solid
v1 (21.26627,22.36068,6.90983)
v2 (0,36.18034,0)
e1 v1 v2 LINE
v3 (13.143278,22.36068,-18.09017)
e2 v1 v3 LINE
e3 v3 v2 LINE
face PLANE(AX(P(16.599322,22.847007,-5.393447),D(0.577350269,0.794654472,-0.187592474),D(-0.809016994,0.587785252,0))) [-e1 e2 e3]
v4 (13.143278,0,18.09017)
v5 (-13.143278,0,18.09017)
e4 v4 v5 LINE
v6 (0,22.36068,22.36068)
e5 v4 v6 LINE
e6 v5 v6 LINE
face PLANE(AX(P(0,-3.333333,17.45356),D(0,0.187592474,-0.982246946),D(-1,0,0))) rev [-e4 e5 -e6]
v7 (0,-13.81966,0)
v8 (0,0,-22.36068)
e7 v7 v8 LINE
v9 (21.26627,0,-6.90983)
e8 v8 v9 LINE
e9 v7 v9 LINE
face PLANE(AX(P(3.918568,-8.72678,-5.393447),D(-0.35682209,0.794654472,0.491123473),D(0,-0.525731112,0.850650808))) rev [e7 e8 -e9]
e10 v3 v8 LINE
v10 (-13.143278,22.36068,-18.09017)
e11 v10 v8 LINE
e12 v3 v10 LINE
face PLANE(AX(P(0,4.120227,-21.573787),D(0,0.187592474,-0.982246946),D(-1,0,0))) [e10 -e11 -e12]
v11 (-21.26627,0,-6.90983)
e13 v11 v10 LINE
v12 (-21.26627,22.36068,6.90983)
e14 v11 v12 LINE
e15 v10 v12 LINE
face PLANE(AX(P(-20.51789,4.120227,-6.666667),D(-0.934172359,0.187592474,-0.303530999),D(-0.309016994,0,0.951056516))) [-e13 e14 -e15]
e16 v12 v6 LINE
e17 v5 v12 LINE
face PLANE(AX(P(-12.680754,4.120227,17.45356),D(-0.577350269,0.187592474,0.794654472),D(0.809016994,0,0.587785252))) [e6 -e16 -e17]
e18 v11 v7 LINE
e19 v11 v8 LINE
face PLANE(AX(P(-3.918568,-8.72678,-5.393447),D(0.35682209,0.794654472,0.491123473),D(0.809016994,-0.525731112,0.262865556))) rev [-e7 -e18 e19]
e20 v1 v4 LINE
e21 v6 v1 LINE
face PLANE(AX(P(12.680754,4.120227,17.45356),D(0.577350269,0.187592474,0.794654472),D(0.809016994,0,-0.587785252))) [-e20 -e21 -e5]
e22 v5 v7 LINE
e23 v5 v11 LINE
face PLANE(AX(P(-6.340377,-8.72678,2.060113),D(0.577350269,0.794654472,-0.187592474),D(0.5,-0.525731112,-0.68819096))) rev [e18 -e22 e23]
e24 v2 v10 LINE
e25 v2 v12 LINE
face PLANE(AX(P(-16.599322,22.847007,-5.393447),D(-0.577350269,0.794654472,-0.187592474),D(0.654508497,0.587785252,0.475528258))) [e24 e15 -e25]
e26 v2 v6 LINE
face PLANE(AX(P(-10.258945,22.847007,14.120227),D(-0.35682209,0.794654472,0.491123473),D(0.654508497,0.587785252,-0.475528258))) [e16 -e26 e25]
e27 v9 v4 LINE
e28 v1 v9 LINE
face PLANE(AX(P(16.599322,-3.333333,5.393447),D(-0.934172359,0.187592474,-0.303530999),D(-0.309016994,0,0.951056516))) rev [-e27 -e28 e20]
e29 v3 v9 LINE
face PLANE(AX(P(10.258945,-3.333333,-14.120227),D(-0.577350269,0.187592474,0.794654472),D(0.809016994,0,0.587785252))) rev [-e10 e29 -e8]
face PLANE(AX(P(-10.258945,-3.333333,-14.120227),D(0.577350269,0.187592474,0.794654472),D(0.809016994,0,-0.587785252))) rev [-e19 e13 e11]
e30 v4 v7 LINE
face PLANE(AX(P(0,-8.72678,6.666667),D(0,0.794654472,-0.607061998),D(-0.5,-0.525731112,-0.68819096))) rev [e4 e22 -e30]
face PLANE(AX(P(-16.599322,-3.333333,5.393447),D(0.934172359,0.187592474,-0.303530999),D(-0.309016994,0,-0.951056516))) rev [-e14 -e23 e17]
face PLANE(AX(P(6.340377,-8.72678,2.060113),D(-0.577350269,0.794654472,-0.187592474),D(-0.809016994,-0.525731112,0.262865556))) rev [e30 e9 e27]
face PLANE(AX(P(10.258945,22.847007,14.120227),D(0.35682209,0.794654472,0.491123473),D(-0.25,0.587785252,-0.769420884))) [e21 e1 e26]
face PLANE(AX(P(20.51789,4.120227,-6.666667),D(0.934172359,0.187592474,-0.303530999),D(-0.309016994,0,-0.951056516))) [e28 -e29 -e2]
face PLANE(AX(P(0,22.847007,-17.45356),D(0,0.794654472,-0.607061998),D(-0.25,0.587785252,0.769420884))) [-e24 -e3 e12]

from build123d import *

# Parameters (mm, degrees)
CIRPATTERN1_9_2_ANGLE   = -216
CIRPATTERN1_6_4_ANGLE   = -144
CIRPATTERN1_10_6_ANGLE  = -216
CIRPATTERN1_14_8_ANGLE  = -288
CIRPATTERN1_13_11_ANGLE = -288
CIRPATTERN1_15_13_ANGLE = -288
CIRPATTERN1_16_15_ANGLE = -288
CIRPATTERN1_11_17_ANGLE = -216
CIRPATTERN1_8_19_ANGLE  = -144
CIRPATTERN1_12_21_ANGLE = -216
CIRPATTERN1_7_23_ANGLE  = -144
CIRPATTERN1_3_25_ANGLE  = -72
CIRPATTERN1_4_27_ANGLE  = -72
CIRPATTERN1_5_32_ANGLE  = -144
CIRPATTERN1_34_ANGLE    = -72
CIRPATTERN1_2_36_ANGLE  = -72


with BuildPart() as body_1:
    # Sketch2 → Surface-Fill1: a flat surface bounded by the sketch
    with BuildSketch(Plane(origin=(3.918568349, -8.726779962, -5.393446629), x_dir=(-0.9341723589627158, -0.303530999103343, -0.18759247408507992), z_dir=(0.3568220897730899, -0.7946544722917661, -0.4911234731884233)), mode=Mode.PRIVATE) as surface_fill1_1_region:
        Polygon((4.194695241, 19.021130326), (4.194695241, -7.26542528), (-18.570129692, 5.877852523), align=None)
    surface_fill1_1 = surface_fill1_1_region.sketch.faces()[0]
    # CirPattern1 9: a copy of that surface (a pattern of surface bodies)
    cirpattern1_9_2 = surface_fill1_1.rotate(Axis((0, 0, 0), (0, 1, 0)), CIRPATTERN1_9_2_ANGLE)
    # Sketch3 → Surface-Fill2: a flat surface bounded by the sketch
    with BuildSketch(Plane(origin=(10.258945124, -3.333333333, -14.120226592), x_dir=(0.8164965809277261, 0.13264791052512165, 0.5619055660577252), z_dir=(-0.5773502691896257, 0.18759247408507984, 0.7946544722917663)), mode=Mode.PRIVATE) as surface_fill2_3_region:
        Polygon((3.532571656, 25.918778373), (13.481164945, 1.587553636), (-12.564590426, 5.137431484), align=None)
    surface_fill2_3 = surface_fill2_3_region.sketch.faces()[0]
    # CirPattern1 6: a copy of that surface (a pattern of surface bodies)
    cirpattern1_6_4 = surface_fill2_3.rotate(Axis((0, 0, 0), (0, 1, 0)), CIRPATTERN1_6_4_ANGLE)
    # Sketch3 → Surface-Fill2: a flat surface bounded by the sketch
    with BuildSketch(Plane(origin=(10.258945124, -3.333333333, -14.120226592), x_dir=(0.8164965809277261, 0.13264791052512165, 0.5619055660577252), z_dir=(-0.5773502691896257, 0.18759247408507984, 0.7946544722917663)), mode=Mode.PRIVATE) as surface_fill2_5_region:
        Polygon((3.532571656, 25.918778373), (13.481164945, 1.587553636), (-12.564590426, 5.137431484), align=None)
    surface_fill2_5 = surface_fill2_5_region.sketch.faces()[0]
    # CirPattern1 10: a copy of that surface (a pattern of surface bodies)
    cirpattern1_10_6 = surface_fill2_5.rotate(Axis((0, 0, 0), (0, 1, 0)), CIRPATTERN1_10_6_ANGLE)
    # Sketch3 → Surface-Fill2: a flat surface bounded by the sketch
    with BuildSketch(Plane(origin=(10.258945124, -3.333333333, -14.120226592), x_dir=(0.8164965809277261, 0.13264791052512165, 0.5619055660577252), z_dir=(-0.5773502691896257, 0.18759247408507984, 0.7946544722917663)), mode=Mode.PRIVATE) as surface_fill2_7_region:
        Polygon((3.532571656, 25.918778373), (13.481164945, 1.587553636), (-12.564590426, 5.137431484), align=None)
    surface_fill2_7 = surface_fill2_7_region.sketch.faces()[0]
    # CirPattern1 14: a copy of that surface (a pattern of surface bodies)
    cirpattern1_14_8 = surface_fill2_7.rotate(Axis((0, 0, 0), (0, 1, 0)), CIRPATTERN1_14_8_ANGLE)
    # Sketch6 → Surface-Fill4: a flat surface bounded by the sketch
    with BuildSketch(Plane(origin=(16.599321899, 22.847006554, -5.393446629), x_dir=(0.8164965809277256, -0.561905566057726, 0.13264791052512173), z_dir=(0.5773502691896265, 0.7946544722917657, -0.1875924740850797)), mode=Mode.PRIVATE) as surface_fill4_9_region:
        Polygon((5.715821007, -11.862416603), (-4.232772282, 12.468808133), (-20.329934365, -8.312538756), align=None)
    surface_fill4_9 = surface_fill4_9_region.sketch.faces()[0]
    # Sketch2 → Surface-Fill1: a flat surface bounded by the sketch
    with BuildSketch(Plane(origin=(3.918568349, -8.726779962, -5.393446629), x_dir=(-0.9341723589627158, -0.303530999103343, -0.18759247408507992), z_dir=(0.3568220897730899, -0.7946544722917661, -0.4911234731884233)), mode=Mode.PRIVATE) as surface_fill1_10_region:
        Polygon((4.194695241, 19.021130326), (4.194695241, -7.26542528), (-18.570129692, 5.877852523), align=None)
    surface_fill1_10 = surface_fill1_10_region.sketch.faces()[0]
    # CirPattern1 13: a copy of that surface (a pattern of surface bodies)
    cirpattern1_13_11 = surface_fill1_10.rotate(Axis((0, 0, 0), (0, 1, 0)), CIRPATTERN1_13_11_ANGLE)
    # Sketch5 → Surface-Fill3: a flat surface bounded by the sketch
    with BuildSketch(Plane(origin=(20.517890248, 4.120226592, -6.666666667), x_dir=(0.2975901052216016, 0.059759490383281426, 0.9528215638740166), z_dir=(-0.9341723589627157, -0.1875924740850806, 0.3035309991033427)), mode=Mode.PRIVATE) as surface_fill3_12_region:
        Polygon((-11.989131764, 19.33536107), (-0.255203491, -4.186924808), (14.248729497, 17.736098102), align=None)
    surface_fill3_12 = surface_fill3_12_region.sketch.faces()[0]
    # CirPattern1 15: a copy of that surface (a pattern of surface bodies)
    cirpattern1_15_13 = surface_fill3_12.rotate(Axis((0, 0, 0), (0, 1, 0)), CIRPATTERN1_15_13_ANGLE)
    # Sketch6 → Surface-Fill4: a flat surface bounded by the sketch
    with BuildSketch(Plane(origin=(16.599321899, 22.847006554, -5.393446629), x_dir=(0.8164965809277256, -0.561905566057726, 0.13264791052512173), z_dir=(0.5773502691896265, 0.7946544722917657, -0.1875924740850797)), mode=Mode.PRIVATE) as surface_fill4_14_region:
        Polygon((5.715821007, -11.862416603), (-4.232772282, 12.468808133), (-20.329934365, -8.312538756), align=None)
    surface_fill4_14 = surface_fill4_14_region.sketch.faces()[0]
    # CirPattern1 16: a copy of that surface (a pattern of surface bodies)
    cirpattern1_16_15 = surface_fill4_14.rotate(Axis((0, 0, 0), (0, 1, 0)), CIRPATTERN1_16_15_ANGLE)
    # Sketch5 → Surface-Fill3: a flat surface bounded by the sketch
    with BuildSketch(Plane(origin=(20.517890248, 4.120226592, -6.666666667), x_dir=(0.2975901052216016, 0.059759490383281426, 0.9528215638740166), z_dir=(-0.9341723589627157, -0.1875924740850806, 0.3035309991033427)), mode=Mode.PRIVATE) as surface_fill3_16_region:
        Polygon((-11.989131764, 19.33536107), (-0.255203491, -4.186924808), (14.248729497, 17.736098102), align=None)
    surface_fill3_16 = surface_fill3_16_region.sketch.faces()[0]
    # CirPattern1 11: a copy of that surface (a pattern of surface bodies)
    cirpattern1_11_17 = surface_fill3_16.rotate(Axis((0, 0, 0), (0, 1, 0)), CIRPATTERN1_11_17_ANGLE)
    # Sketch6 → Surface-Fill4: a flat surface bounded by the sketch
    with BuildSketch(Plane(origin=(16.599321899, 22.847006554, -5.393446629), x_dir=(0.8164965809277256, -0.561905566057726, 0.13264791052512173), z_dir=(0.5773502691896265, 0.7946544722917657, -0.1875924740850797)), mode=Mode.PRIVATE) as surface_fill4_18_region:
        Polygon((5.715821007, -11.862416603), (-4.232772282, 12.468808133), (-20.329934365, -8.312538756), align=None)
    surface_fill4_18 = surface_fill4_18_region.sketch.faces()[0]
    # CirPattern1 8: a copy of that surface (a pattern of surface bodies)
    cirpattern1_8_19 = surface_fill4_18.rotate(Axis((0, 0, 0), (0, 1, 0)), CIRPATTERN1_8_19_ANGLE)
    # Sketch6 → Surface-Fill4: a flat surface bounded by the sketch
    with BuildSketch(Plane(origin=(16.599321899, 22.847006554, -5.393446629), x_dir=(0.8164965809277256, -0.561905566057726, 0.13264791052512173), z_dir=(0.5773502691896265, 0.7946544722917657, -0.1875924740850797)), mode=Mode.PRIVATE) as surface_fill4_20_region:
        Polygon((5.715821007, -11.862416603), (-4.232772282, 12.468808133), (-20.329934365, -8.312538756), align=None)
    surface_fill4_20 = surface_fill4_20_region.sketch.faces()[0]
    # CirPattern1 12: a copy of that surface (a pattern of surface bodies)
    cirpattern1_12_21 = surface_fill4_20.rotate(Axis((0, 0, 0), (0, 1, 0)), CIRPATTERN1_12_21_ANGLE)
    # Sketch5 → Surface-Fill3: a flat surface bounded by the sketch
    with BuildSketch(Plane(origin=(20.517890248, 4.120226592, -6.666666667), x_dir=(0.2975901052216016, 0.059759490383281426, 0.9528215638740166), z_dir=(-0.9341723589627157, -0.1875924740850806, 0.3035309991033427)), mode=Mode.PRIVATE) as surface_fill3_22_region:
        Polygon((-11.989131764, 19.33536107), (-0.255203491, -4.186924808), (14.248729497, 17.736098102), align=None)
    surface_fill3_22 = surface_fill3_22_region.sketch.faces()[0]
    # CirPattern1 7: a copy of that surface (a pattern of surface bodies)
    cirpattern1_7_23 = surface_fill3_22.rotate(Axis((0, 0, 0), (0, 1, 0)), CIRPATTERN1_7_23_ANGLE)
    # Sketch5 → Surface-Fill3: a flat surface bounded by the sketch
    with BuildSketch(Plane(origin=(20.517890248, 4.120226592, -6.666666667), x_dir=(0.2975901052216016, 0.059759490383281426, 0.9528215638740166), z_dir=(-0.9341723589627157, -0.1875924740850806, 0.3035309991033427)), mode=Mode.PRIVATE) as surface_fill3_24_region:
        Polygon((-11.989131764, 19.33536107), (-0.255203491, -4.186924808), (14.248729497, 17.736098102), align=None)
    surface_fill3_24 = surface_fill3_24_region.sketch.faces()[0]
    # CirPattern1 3: a copy of that surface (a pattern of surface bodies)
    cirpattern1_3_25 = surface_fill3_24.rotate(Axis((0, 0, 0), (0, 1, 0)), CIRPATTERN1_3_25_ANGLE)
    # Sketch6 → Surface-Fill4: a flat surface bounded by the sketch
    with BuildSketch(Plane(origin=(16.599321899, 22.847006554, -5.393446629), x_dir=(0.8164965809277256, -0.561905566057726, 0.13264791052512173), z_dir=(0.5773502691896265, 0.7946544722917657, -0.1875924740850797)), mode=Mode.PRIVATE) as surface_fill4_26_region:
        Polygon((5.715821007, -11.862416603), (-4.232772282, 12.468808133), (-20.329934365, -8.312538756), align=None)
    surface_fill4_26 = surface_fill4_26_region.sketch.faces()[0]
    # CirPattern1 4: a copy of that surface (a pattern of surface bodies)
    cirpattern1_4_27 = surface_fill4_26.rotate(Axis((0, 0, 0), (0, 1, 0)), CIRPATTERN1_4_27_ANGLE)
    # Sketch2 → Surface-Fill1: a flat surface bounded by the sketch
    with BuildSketch(Plane(origin=(3.918568349, -8.726779962, -5.393446629), x_dir=(-0.9341723589627158, -0.303530999103343, -0.18759247408507992), z_dir=(0.3568220897730899, -0.7946544722917661, -0.4911234731884233)), mode=Mode.PRIVATE) as surface_fill1_28_region:
        Polygon((4.194695241, 19.021130326), (4.194695241, -7.26542528), (-18.570129692, 5.877852523), align=None)
    surface_fill1_28 = surface_fill1_28_region.sketch.faces()[0]
    # Sketch3 → Surface-Fill2: a flat surface bounded by the sketch
    with BuildSketch(Plane(origin=(10.258945124, -3.333333333, -14.120226592), x_dir=(0.8164965809277261, 0.13264791052512165, 0.5619055660577252), z_dir=(-0.5773502691896257, 0.18759247408507984, 0.7946544722917663)), mode=Mode.PRIVATE) as surface_fill2_29_region:
        Polygon((3.532571656, 25.918778373), (13.481164945, 1.587553636), (-12.564590426, 5.137431484), align=None)
    surface_fill2_29 = surface_fill2_29_region.sketch.faces()[0]
    # Sketch5 → Surface-Fill3: a flat surface bounded by the sketch
    with BuildSketch(Plane(origin=(20.517890248, 4.120226592, -6.666666667), x_dir=(0.2975901052216016, 0.059759490383281426, 0.9528215638740166), z_dir=(-0.9341723589627157, -0.1875924740850806, 0.3035309991033427)), mode=Mode.PRIVATE) as surface_fill3_30_region:
        Polygon((-11.989131764, 19.33536107), (-0.255203491, -4.186924808), (14.248729497, 17.736098102), align=None)
    surface_fill3_30 = surface_fill3_30_region.sketch.faces()[0]
    # Sketch2 → Surface-Fill1: a flat surface bounded by the sketch
    with BuildSketch(Plane(origin=(3.918568349, -8.726779962, -5.393446629), x_dir=(-0.9341723589627158, -0.303530999103343, -0.18759247408507992), z_dir=(0.3568220897730899, -0.7946544722917661, -0.4911234731884233)), mode=Mode.PRIVATE) as surface_fill1_31_region:
        Polygon((4.194695241, 19.021130326), (4.194695241, -7.26542528), (-18.570129692, 5.877852523), align=None)
    surface_fill1_31 = surface_fill1_31_region.sketch.faces()[0]
    # CirPattern1 5: a copy of that surface (a pattern of surface bodies)
    cirpattern1_5_32 = surface_fill1_31.rotate(Axis((0, 0, 0), (0, 1, 0)), CIRPATTERN1_5_32_ANGLE)
    # Sketch2 → Surface-Fill1: a flat surface bounded by the sketch
    with BuildSketch(Plane(origin=(3.918568349, -8.726779962, -5.393446629), x_dir=(-0.9341723589627158, -0.303530999103343, -0.18759247408507992), z_dir=(0.3568220897730899, -0.7946544722917661, -0.4911234731884233)), mode=Mode.PRIVATE) as surface_fill1_33_region:
        Polygon((4.194695241, 19.021130326), (4.194695241, -7.26542528), (-18.570129692, 5.877852523), align=None)
    surface_fill1_33 = surface_fill1_33_region.sketch.faces()[0]
    # CirPattern1: a copy of that surface (a pattern of surface bodies)
    cirpattern1_34 = surface_fill1_33.rotate(Axis((0, 0, 0), (0, 1, 0)), CIRPATTERN1_34_ANGLE)
    # Sketch3 → Surface-Fill2: a flat surface bounded by the sketch
    with BuildSketch(Plane(origin=(10.258945124, -3.333333333, -14.120226592), x_dir=(0.8164965809277261, 0.13264791052512165, 0.5619055660577252), z_dir=(-0.5773502691896257, 0.18759247408507984, 0.7946544722917663)), mode=Mode.PRIVATE) as surface_fill2_35_region:
        Polygon((3.532571656, 25.918778373), (13.481164945, 1.587553636), (-12.564590426, 5.137431484), align=None)
    surface_fill2_35 = surface_fill2_35_region.sketch.faces()[0]
    # CirPattern1 2: a copy of that surface (a pattern of surface bodies)
    cirpattern1_2_36 = surface_fill2_35.rotate(Axis((0, 0, 0), (0, 1, 0)), CIRPATTERN1_2_36_ANGLE)
    # Surface-Knit1: the surfaces knitted into a closed skin and filled: a solid
    add(Solid(Shell(Face.sew_faces(cirpattern1_9_2.faces() + cirpattern1_6_4.faces() + cirpattern1_10_6.faces() + cirpattern1_14_8.faces() + surface_fill4_9.faces() + cirpattern1_13_11.faces() + cirpattern1_15_13.faces() + cirpattern1_16_15.faces() + cirpattern1_11_17.faces() + cirpattern1_8_19.faces() + cirpattern1_12_21.faces() + cirpattern1_7_23.faces() + cirpattern1_3_25.faces() + cirpattern1_4_27.faces() + surface_fill1_28.faces() + surface_fill2_29.faces() + surface_fill3_30.faces() + cirpattern1_5_32.faces() + cirpattern1_34.faces() + cirpattern1_2_36.faces())[0])))


solid = body_1.part
